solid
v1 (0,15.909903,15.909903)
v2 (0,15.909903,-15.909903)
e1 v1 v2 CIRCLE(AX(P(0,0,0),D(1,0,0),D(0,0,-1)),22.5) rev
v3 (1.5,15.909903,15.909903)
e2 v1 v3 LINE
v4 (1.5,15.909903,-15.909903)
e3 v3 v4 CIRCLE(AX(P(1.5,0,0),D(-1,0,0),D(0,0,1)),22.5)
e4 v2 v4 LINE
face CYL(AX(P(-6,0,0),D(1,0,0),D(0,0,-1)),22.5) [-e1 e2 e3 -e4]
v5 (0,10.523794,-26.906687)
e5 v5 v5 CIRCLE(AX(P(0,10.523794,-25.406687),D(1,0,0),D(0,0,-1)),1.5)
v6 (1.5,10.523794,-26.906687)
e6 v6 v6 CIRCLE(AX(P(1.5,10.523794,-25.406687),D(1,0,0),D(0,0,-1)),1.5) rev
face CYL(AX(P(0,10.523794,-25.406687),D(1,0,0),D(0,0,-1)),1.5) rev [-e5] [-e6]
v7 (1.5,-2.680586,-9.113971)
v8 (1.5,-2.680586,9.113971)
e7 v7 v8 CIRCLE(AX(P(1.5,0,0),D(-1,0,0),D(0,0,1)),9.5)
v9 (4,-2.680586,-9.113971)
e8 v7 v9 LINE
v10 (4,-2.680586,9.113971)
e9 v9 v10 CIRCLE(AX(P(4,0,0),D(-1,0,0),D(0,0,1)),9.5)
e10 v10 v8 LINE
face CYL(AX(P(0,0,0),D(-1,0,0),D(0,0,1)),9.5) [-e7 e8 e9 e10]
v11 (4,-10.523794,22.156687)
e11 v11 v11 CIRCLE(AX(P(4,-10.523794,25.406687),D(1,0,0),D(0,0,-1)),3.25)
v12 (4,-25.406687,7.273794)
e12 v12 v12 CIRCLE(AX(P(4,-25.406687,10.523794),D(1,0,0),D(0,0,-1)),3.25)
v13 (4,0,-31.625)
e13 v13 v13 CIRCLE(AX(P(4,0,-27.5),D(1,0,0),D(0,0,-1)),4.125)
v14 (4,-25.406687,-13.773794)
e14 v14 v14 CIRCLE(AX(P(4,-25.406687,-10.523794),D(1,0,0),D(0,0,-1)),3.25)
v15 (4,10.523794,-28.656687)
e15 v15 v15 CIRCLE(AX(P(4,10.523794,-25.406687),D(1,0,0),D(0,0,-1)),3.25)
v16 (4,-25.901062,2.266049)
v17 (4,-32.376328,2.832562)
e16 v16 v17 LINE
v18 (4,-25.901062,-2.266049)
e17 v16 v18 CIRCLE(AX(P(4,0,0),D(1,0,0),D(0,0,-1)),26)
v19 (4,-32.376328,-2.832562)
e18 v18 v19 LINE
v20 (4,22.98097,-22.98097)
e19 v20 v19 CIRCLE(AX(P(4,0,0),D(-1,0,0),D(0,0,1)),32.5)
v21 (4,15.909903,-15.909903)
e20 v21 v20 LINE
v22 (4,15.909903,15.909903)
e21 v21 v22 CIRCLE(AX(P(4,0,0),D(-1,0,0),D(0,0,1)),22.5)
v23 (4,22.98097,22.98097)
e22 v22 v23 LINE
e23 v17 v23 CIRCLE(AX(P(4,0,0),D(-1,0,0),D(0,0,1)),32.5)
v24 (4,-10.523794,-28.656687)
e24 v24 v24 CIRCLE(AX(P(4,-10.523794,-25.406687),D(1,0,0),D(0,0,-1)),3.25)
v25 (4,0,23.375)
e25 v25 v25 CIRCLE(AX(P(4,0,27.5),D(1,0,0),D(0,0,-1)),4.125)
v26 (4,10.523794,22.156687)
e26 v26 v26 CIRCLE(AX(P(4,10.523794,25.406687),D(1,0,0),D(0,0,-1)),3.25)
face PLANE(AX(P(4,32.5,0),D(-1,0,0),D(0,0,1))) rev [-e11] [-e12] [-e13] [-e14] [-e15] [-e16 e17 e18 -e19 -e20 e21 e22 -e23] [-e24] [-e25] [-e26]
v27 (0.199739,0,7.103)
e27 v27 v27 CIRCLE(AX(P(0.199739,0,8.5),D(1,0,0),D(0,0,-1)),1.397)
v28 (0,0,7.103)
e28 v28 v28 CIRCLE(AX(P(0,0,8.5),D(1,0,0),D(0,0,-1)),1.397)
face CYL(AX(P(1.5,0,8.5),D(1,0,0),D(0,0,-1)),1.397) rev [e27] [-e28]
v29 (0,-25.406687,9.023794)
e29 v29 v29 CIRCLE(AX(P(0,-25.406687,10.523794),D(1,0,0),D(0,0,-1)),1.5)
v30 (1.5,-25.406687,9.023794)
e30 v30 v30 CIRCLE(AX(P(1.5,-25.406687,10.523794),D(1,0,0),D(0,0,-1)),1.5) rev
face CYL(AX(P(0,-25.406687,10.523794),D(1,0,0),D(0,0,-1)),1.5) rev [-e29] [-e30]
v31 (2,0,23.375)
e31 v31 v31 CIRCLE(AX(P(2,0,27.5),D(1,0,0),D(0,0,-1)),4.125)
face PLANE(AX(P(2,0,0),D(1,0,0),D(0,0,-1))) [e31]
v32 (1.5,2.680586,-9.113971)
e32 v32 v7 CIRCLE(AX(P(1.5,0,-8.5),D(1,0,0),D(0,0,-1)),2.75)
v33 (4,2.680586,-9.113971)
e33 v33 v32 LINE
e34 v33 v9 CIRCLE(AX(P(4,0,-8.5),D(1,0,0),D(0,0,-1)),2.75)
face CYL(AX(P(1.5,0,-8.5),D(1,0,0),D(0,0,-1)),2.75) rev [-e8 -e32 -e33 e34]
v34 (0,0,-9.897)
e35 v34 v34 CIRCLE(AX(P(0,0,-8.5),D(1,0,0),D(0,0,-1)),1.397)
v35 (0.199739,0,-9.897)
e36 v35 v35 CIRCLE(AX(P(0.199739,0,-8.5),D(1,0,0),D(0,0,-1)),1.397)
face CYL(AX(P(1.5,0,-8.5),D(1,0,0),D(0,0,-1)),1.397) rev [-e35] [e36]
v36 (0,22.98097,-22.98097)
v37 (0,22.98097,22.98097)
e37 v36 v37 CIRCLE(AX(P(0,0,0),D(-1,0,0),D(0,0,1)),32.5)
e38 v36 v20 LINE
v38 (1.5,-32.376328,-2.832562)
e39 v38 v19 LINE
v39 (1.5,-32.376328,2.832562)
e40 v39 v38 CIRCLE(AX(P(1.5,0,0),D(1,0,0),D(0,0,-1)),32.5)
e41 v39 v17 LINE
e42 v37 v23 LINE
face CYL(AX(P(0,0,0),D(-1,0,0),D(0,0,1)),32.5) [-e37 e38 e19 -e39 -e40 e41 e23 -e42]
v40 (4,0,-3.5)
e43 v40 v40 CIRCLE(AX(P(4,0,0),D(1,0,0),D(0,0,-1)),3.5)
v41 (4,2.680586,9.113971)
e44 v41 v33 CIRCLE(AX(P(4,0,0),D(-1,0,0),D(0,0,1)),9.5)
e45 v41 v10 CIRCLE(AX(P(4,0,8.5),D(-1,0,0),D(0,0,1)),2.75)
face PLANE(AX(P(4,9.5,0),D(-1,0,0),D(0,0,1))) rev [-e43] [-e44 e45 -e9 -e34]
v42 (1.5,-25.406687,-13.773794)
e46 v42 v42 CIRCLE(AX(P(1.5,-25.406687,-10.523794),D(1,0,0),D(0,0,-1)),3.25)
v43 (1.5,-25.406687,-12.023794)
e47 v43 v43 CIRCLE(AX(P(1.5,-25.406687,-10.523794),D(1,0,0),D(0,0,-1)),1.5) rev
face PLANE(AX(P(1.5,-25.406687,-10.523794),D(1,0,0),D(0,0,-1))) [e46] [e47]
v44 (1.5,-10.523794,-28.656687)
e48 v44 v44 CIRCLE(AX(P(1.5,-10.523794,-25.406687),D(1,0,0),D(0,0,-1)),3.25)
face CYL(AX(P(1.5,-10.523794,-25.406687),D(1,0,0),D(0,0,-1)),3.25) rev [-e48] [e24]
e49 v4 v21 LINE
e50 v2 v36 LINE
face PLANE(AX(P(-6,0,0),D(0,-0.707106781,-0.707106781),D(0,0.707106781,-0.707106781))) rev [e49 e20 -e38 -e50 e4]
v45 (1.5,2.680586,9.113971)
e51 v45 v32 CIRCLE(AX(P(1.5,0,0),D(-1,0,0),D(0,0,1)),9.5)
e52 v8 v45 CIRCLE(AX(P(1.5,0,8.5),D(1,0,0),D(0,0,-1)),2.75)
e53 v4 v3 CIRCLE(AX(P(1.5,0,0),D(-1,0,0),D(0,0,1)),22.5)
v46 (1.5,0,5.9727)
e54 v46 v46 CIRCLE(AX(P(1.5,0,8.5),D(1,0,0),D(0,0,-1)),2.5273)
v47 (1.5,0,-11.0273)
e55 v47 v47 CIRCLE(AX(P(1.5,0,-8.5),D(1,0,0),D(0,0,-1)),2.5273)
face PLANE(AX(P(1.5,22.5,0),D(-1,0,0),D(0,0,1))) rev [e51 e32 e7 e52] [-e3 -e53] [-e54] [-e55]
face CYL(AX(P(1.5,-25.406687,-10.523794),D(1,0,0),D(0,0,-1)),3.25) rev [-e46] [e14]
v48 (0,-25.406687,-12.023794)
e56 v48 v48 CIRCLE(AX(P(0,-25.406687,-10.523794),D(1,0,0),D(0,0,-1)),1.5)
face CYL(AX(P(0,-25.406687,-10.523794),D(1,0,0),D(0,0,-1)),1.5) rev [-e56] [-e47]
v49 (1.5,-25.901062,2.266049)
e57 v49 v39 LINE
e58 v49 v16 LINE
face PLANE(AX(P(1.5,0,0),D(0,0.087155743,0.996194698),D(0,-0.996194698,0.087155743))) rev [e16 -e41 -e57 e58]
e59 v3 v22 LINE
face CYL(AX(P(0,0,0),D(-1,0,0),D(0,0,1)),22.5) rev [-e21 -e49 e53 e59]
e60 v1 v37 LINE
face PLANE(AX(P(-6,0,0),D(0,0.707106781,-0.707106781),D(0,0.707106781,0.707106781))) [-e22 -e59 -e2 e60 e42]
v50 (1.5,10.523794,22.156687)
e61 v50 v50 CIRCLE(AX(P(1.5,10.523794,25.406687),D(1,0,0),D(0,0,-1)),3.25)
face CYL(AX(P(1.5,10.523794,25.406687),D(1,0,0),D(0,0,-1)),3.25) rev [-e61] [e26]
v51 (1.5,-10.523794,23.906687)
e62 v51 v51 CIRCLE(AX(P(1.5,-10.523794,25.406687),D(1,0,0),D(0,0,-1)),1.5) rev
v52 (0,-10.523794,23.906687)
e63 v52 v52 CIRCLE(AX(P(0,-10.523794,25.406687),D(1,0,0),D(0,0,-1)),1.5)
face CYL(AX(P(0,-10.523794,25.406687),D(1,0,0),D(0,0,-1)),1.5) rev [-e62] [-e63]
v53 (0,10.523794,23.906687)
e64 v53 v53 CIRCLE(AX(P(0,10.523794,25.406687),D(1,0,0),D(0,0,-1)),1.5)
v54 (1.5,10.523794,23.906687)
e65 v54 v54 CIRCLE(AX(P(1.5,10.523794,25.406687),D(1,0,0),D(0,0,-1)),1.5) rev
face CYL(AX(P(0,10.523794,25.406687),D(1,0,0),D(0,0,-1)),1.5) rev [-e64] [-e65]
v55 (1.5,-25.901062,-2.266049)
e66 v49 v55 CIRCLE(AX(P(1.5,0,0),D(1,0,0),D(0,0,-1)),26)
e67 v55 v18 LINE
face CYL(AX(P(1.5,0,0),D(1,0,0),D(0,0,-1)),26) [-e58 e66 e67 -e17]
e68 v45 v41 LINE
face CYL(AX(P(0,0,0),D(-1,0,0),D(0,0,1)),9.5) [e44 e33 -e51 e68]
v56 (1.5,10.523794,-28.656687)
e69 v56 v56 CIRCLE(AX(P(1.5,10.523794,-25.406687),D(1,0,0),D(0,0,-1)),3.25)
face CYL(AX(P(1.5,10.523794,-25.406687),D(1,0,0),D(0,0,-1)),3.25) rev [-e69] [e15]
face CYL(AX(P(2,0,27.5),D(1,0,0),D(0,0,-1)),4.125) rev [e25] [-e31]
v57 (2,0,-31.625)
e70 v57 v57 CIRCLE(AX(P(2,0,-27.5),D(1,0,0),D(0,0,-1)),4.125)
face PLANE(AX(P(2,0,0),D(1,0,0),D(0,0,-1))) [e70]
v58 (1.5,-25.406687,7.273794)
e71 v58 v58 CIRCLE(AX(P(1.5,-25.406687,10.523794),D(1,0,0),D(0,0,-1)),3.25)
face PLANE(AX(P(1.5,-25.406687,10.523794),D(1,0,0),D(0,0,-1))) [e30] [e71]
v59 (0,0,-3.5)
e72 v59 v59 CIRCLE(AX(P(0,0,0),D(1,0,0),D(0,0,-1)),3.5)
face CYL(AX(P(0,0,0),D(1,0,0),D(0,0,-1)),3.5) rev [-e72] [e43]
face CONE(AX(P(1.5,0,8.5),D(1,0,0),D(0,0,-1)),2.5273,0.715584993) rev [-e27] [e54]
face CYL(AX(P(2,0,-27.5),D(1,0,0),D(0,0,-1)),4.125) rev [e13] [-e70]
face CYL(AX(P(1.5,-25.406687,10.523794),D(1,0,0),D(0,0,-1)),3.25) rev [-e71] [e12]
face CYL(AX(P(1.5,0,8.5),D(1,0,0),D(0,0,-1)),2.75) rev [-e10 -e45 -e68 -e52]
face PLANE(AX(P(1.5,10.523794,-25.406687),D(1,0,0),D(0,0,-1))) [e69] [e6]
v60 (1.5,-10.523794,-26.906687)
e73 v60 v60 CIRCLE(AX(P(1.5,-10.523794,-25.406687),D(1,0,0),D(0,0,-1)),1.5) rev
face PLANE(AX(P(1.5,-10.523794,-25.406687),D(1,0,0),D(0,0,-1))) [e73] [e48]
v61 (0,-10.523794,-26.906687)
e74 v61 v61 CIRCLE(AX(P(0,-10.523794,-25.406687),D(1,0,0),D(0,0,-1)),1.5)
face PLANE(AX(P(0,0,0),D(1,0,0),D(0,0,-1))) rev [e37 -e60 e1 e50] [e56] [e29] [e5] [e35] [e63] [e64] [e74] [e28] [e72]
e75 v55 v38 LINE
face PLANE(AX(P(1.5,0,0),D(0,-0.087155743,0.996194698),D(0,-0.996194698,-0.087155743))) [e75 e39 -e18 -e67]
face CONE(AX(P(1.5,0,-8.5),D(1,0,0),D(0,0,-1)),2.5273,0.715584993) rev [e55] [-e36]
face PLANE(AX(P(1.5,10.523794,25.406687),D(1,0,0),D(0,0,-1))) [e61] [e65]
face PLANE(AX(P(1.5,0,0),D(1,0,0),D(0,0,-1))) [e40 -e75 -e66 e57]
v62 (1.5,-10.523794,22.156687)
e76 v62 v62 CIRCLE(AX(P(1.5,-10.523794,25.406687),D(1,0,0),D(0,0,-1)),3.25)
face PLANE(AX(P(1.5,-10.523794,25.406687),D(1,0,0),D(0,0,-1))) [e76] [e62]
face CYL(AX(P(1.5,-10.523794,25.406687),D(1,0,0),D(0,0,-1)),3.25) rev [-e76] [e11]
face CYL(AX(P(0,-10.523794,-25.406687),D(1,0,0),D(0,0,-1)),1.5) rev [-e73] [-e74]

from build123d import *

# Parameters (mm, degrees)
CROQUIS2_R                                  = 3.5
CROQUIS2_R_2                                = 1.5
CORTAR_EXTRUIR1_DEPTH                       = 4
CORTAR_EXTRUIR2_DEPTH                       = 10
CORTAR_EXTRUIR3_START                       = -2.5
CORTAR_EXTRUIR3_DEPTH                       = 2.5
CORTAR_EXTRUIR4_DEPTH                       = 2
CROQUIS7_R                                  = 2.75
CROQUIS7_R_2                                = 3.25
CORTAR_EXTRUIR6_DEPTH                       = 2.5
AVELLANADO_PARA_TORNILLO_CON_CABEZA_2_COUNT = 2
AVELLANADO_PARA_TORNILLO_CON_CABEZA_2_PITCH = 17


with BuildPart() as part:
    # Croquis1 → Revolución1 (revolve)
    with BuildSketch(Plane.XY, mode=Mode.PRIVATE) as revoluci_n1_sk:
        Polygon((0, 0), (4, 0), (4, 9.5), (1.5, 9.5), (1.5, 22.5), (4, 22.5), (4, 32.5), (0, 32.5), align=None)
    revolve(revoluci_n1_sk.sketch.rotate(Axis((0, 0, 0), (1, 0, 0)), 90), axis=Axis((0, 0, 0), (1, 0, 0)))

    # Croquis2 → Cortar-Extruir1 (cut)
    with BuildSketch(Plane(origin=(4, 0, 0), x_dir=(0, 0, -1), z_dir=(1, 0, 0))):
        Circle(CROQUIS2_R)
        with Locations((25.406687144, -10.52379439)):
            Circle(CROQUIS2_R_2)
        with Locations((10.52379439, -25.406687144)):
            Circle(CROQUIS2_R_2)
        with Locations((-10.52379439, -25.406687144)):
            Circle(CROQUIS2_R_2)
        with Locations((-25.406687144, -10.52379439)):
            Circle(CROQUIS2_R_2)
        with Locations((-25.406687144, 10.52379439)):
            Circle(CROQUIS2_R_2)
        with Locations((25.406687144, 10.52379439)):
            Circle(CROQUIS2_R_2)
    extrude(amount=-CORTAR_EXTRUIR1_DEPTH, mode=Mode.SUBTRACT)

    # Croquis3 → Cortar-Extruir2 (cut)
    with BuildSketch(Plane(origin=(4, 0, 0), x_dir=(0, 0, -1), z_dir=(1, 0, 0))):
        with BuildLine():
            Line((-22.980970389, 22.980970389), (-15.909902577, 15.909902577))
            ThreePointArc((-15.909902577, 15.909902577), (0, 22.5), (15.909902577, 15.909902577))
            Line((15.909902577, 15.909902577), (22.980970389, 22.980970389))
            ThreePointArc((22.980970389, 22.980970389), (0, 32.5), (-22.980970389, 22.980970389))
        make_face()
    extrude(amount=-CORTAR_EXTRUIR2_DEPTH, mode=Mode.SUBTRACT)

    # Croquis4 → Cortar-Extruir3 (cut)
    with BuildSketch(Plane(origin=(4, 0, 0), x_dir=(0, 0, -1), z_dir=(1, 0, 0)).offset(CORTAR_EXTRUIR3_START)):
        with BuildLine():
            Line((2.832561639, -32.376327688), (2.266049311, -25.90106215))
            ThreePointArc((2.266049311, -25.90106215), (0, -26), (-2.266049311, -25.90106215))
            Line((-2.266049311, -25.90106215), (-2.832561639, -32.376327688))
            ThreePointArc((-2.832561639, -32.376327688), (0, -32.5), (2.832561639, -32.376327688))
        make_face()
    extrude(amount=CORTAR_EXTRUIR3_DEPTH, mode=Mode.SUBTRACT)

    # Croquis5 → Cortar-Extruir4 (cut)
    with BuildSketch(Plane(origin=(4, 0, 0), x_dir=(0, 0, -1), z_dir=(1, 0, 0))):
        with BuildLine():
            ThreePointArc((31.625, 0), (27.5, 4.125), (23.375, 0))
            Line((23.375, 0), (31.625, 0))
        make_face()
        with BuildLine():
            Line((31.625, 0), (23.375, 0))
            ThreePointArc((23.375, 0), (27.5, -4.125), (31.625, 0))
        make_face()
        with BuildLine():
            ThreePointArc((-31.625, 0), (-27.5, -4.125), (-23.375, 0))
            Line((-23.375, 0), (-31.625, 0))
        make_face()
        with BuildLine():
            Line((-31.625, 0), (-23.375, 0))
            ThreePointArc((-23.375, 0), (-27.5, 4.125), (-31.625, 0))
        make_face()
    extrude(amount=-CORTAR_EXTRUIR4_DEPTH, mode=Mode.SUBTRACT)

    # Croquis7 → Cortar-Extruir6 (cut)
    with BuildSketch(Plane(origin=(4, 0, 0), x_dir=(0, 0, -1), z_dir=(1, 0, 0))):
        with Locations((8.5, 0)):
            Circle(CROQUIS7_R)
        with Locations((-8.5, 0)):
            Circle(CROQUIS7_R)
        with Locations((25.406687144, -10.52379439)):
            Circle(CROQUIS7_R_2)
        with Locations((10.52379439, -25.406687144)):
            Circle(CROQUIS7_R_2)
        with Locations((-10.52379439, -25.406687144)):
            Circle(CROQUIS7_R_2)
        with Locations((-25.406687144, -10.52379439)):
            Circle(CROQUIS7_R_2)
        with Locations((-25.406687144, 10.52379439)):
            Circle(CROQUIS7_R_2)
        with Locations((25.406687144, 10.52379439)):
            Circle(CROQUIS7_R_2)
    extrude(amount=-CORTAR_EXTRUIR6_DEPTH, mode=Mode.SUBTRACT)

    # Croquis10 → Avellanado para tornillo con cabeza ovalada de #31 (revolve, cut)
    with BuildSketch(Plane(origin=(1.5, 0, 8.5), x_dir=(0, 0, -1), z_dir=(0, 1, 0))):
        Polygon((0, 0), (0, 1.5), (1.397, 1.5), (1.397, 1.300261411), (2.5273, 0), align=None)
    avellanado_para_tornillo_con_cabeza_oval = revolve(axis=Axis((7.85, 0, 8.5), (-1, 0, 0)), mode=Mode.SUBTRACT)

    # Avellanado para tornillo con cabeza  2: Avellanado para tornillo con cabeza ovalada de #31 ×2
    with Locations(*[(0, 0, -i * AVELLANADO_PARA_TORNILLO_CON_CABEZA_2_PITCH) for i in range(1, AVELLANADO_PARA_TORNILLO_CON_CABEZA_2_COUNT)]):
        add(avellanado_para_tornillo_con_cabeza_oval, mode=Mode.SUBTRACT)


solid = part.part
